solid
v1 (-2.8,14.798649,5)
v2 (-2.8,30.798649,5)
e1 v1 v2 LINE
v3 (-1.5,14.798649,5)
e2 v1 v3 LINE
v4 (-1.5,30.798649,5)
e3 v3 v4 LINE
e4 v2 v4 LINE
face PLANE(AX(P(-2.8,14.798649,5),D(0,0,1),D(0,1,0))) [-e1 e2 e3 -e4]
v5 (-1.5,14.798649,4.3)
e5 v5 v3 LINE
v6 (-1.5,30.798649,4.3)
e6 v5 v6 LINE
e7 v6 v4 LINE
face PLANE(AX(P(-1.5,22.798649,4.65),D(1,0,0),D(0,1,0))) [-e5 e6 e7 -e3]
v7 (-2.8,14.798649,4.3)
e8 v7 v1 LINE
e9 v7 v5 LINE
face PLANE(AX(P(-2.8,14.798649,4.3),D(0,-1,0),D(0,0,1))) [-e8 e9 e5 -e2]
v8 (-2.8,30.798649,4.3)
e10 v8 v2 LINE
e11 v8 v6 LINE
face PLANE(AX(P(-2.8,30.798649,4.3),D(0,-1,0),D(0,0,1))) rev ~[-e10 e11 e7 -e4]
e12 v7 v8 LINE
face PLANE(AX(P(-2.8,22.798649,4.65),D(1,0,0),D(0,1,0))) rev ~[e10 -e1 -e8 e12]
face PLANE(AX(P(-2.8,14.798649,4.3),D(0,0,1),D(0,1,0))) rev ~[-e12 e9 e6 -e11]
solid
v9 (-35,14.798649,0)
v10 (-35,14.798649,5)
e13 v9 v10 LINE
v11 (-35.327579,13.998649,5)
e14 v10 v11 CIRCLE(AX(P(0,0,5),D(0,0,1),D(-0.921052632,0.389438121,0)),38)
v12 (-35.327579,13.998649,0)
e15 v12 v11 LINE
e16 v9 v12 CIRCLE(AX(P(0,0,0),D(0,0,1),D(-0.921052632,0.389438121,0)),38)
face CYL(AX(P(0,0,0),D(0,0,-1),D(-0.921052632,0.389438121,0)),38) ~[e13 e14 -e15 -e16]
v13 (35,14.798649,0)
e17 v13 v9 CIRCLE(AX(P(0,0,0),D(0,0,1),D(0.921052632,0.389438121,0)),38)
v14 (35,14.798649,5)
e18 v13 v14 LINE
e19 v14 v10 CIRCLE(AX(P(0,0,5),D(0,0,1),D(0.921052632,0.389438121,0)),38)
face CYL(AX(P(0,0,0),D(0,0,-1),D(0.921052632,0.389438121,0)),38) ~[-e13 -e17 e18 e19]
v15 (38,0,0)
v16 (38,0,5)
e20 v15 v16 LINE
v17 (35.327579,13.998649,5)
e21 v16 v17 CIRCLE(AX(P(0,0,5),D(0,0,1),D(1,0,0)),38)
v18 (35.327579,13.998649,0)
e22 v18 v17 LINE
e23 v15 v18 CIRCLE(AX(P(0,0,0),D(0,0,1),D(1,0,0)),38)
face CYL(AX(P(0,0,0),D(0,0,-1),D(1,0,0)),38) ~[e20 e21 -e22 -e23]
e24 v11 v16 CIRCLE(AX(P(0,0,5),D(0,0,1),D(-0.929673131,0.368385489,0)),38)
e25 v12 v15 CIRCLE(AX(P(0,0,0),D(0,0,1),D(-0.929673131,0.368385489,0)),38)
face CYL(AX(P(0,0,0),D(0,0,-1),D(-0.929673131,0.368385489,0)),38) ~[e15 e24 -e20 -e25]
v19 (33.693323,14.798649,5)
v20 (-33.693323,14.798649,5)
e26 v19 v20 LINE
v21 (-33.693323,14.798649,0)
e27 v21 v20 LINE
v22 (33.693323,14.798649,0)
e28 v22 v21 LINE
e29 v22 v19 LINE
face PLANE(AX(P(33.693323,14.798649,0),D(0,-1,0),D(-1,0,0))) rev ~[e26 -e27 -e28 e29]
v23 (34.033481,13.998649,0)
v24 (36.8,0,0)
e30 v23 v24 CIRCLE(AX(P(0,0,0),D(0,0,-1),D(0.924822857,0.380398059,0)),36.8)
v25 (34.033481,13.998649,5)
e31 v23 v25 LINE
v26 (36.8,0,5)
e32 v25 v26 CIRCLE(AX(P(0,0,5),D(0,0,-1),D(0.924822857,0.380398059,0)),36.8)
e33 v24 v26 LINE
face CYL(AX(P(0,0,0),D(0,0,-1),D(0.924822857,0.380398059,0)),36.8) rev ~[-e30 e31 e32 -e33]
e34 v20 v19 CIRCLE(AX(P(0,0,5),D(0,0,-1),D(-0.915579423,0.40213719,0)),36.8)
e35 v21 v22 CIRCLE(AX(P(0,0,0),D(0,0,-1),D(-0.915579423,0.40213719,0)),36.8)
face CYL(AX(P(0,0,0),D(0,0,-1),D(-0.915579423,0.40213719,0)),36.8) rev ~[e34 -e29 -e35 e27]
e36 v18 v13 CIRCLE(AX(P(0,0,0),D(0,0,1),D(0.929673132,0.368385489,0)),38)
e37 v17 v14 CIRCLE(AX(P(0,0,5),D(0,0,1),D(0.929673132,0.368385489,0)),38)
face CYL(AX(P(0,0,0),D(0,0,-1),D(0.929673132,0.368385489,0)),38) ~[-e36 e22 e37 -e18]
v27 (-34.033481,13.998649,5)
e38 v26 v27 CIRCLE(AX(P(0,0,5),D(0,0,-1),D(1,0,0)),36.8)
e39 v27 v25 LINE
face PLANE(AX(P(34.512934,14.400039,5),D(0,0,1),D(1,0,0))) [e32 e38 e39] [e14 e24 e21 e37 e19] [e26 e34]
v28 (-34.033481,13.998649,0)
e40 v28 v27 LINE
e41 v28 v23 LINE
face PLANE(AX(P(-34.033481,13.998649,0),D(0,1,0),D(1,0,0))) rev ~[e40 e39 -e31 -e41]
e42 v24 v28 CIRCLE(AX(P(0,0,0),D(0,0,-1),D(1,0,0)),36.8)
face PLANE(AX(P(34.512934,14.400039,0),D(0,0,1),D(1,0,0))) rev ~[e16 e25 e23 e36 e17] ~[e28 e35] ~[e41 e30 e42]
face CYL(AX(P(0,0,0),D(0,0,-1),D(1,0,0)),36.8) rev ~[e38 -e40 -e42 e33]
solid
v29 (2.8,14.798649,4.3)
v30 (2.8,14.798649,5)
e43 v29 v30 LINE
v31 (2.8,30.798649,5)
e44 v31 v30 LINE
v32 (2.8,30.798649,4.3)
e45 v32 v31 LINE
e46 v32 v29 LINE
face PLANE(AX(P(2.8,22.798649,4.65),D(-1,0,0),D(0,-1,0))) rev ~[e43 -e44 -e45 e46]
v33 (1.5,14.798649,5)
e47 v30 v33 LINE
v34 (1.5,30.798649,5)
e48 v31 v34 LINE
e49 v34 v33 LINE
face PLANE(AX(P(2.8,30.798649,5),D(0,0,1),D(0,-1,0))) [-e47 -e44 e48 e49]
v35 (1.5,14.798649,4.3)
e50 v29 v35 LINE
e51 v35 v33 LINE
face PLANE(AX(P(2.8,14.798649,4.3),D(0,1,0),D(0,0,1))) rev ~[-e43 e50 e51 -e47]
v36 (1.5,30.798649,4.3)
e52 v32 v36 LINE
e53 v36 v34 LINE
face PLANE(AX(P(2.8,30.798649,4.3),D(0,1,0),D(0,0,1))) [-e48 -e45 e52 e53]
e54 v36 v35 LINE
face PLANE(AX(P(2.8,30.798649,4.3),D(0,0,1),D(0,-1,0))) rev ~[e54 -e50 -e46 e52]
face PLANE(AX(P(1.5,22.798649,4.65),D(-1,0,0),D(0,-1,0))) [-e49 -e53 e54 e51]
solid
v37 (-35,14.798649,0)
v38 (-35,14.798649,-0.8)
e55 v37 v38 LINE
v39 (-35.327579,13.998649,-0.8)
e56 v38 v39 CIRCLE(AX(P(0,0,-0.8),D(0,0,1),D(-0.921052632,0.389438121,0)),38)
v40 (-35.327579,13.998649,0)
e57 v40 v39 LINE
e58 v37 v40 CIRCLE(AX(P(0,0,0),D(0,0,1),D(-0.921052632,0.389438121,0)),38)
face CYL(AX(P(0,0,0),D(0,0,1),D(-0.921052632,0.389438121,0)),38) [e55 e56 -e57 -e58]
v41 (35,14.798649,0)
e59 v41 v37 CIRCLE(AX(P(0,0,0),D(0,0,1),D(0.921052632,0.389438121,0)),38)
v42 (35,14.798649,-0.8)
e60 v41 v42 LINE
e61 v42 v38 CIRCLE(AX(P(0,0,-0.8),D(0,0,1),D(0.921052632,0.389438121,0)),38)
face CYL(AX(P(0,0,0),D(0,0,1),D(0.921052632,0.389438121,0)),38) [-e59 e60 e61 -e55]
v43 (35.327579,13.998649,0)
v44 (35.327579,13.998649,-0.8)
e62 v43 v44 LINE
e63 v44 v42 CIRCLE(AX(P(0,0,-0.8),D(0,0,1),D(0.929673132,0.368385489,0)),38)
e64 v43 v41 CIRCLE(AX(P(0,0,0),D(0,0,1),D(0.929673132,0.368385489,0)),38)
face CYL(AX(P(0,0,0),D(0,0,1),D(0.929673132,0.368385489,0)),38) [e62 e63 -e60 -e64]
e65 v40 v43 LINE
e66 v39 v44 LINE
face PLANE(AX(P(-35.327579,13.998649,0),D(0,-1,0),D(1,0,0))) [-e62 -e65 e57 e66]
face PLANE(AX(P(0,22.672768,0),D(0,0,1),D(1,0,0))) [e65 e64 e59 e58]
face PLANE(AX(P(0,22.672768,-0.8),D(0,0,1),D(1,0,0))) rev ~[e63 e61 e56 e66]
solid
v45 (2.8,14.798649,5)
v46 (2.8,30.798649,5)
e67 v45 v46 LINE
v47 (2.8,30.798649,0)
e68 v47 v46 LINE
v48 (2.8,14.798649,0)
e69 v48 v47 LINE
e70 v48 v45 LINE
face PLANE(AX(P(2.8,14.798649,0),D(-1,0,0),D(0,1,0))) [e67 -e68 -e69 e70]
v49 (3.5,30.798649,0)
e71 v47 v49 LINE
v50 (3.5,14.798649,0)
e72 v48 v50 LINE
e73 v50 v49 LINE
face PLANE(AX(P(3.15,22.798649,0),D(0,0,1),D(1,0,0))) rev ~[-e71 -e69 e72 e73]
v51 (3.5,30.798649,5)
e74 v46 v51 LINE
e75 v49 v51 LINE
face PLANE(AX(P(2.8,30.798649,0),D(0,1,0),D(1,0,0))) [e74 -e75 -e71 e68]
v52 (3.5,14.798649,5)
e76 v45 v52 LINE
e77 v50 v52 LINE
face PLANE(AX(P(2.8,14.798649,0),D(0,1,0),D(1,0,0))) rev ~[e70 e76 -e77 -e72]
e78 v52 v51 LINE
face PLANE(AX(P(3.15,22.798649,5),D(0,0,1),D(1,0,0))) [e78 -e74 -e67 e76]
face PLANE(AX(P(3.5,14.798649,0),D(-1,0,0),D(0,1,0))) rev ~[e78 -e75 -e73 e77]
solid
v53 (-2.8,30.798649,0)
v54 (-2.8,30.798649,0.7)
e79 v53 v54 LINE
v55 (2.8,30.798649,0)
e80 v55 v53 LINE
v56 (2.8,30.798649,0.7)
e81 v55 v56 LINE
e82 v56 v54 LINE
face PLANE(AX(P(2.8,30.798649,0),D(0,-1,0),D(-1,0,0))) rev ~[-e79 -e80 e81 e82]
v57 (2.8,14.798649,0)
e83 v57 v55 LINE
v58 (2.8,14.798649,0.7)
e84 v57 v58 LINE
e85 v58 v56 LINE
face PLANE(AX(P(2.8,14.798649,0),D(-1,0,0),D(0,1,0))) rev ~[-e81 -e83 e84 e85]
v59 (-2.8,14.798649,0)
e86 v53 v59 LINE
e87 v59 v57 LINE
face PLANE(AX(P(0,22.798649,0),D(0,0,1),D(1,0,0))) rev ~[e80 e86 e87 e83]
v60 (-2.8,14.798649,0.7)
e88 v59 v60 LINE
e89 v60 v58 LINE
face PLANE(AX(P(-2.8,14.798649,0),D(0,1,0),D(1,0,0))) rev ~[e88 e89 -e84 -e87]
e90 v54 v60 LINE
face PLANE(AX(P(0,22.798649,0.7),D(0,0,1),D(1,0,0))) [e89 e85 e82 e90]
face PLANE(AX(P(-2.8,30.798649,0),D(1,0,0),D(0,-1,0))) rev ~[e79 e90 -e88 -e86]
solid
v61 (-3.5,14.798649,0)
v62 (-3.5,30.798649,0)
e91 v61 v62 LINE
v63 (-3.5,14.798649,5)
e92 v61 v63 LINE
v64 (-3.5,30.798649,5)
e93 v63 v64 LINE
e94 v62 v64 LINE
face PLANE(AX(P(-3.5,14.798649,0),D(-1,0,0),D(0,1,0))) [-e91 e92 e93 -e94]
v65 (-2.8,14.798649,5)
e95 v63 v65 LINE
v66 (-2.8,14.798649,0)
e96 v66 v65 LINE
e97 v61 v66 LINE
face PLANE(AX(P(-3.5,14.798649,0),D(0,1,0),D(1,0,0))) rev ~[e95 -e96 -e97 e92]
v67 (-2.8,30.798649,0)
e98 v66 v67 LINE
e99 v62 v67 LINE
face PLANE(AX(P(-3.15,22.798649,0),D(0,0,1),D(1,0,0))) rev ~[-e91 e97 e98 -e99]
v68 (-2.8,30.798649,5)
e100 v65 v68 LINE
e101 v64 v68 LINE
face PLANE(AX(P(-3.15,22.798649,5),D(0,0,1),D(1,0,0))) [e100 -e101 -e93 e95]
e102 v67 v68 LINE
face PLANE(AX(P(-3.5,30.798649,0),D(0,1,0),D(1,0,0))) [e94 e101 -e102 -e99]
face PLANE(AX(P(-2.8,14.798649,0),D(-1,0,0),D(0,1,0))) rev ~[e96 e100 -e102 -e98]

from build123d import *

# Parameters (mm, degrees)
F1_DEPTH = 5
F0_W     = 0.7
F0_H     = 16
F2_DEPTH = 0.8
F3_DEPTH = 0.7
F4_DEPTH = 5
F5_W     = 16
F5_H     = 0.7
F7_DEPTH = 1.3
F6_W     = 16
F6_H     = 0.7
F8_DEPTH = 1.3


with BuildPart() as f1:
    # F0 (on Top) → F1 (new body)
    with BuildSketch(Plane.XY):
        with BuildLine():
            ThreePointArc((33.6933227806, 14.7986485869), (33.8657643047, 14.3996530533), (34.0334811287, 13.9986485869))
            Line((34.0334811287, 13.9986485869), (34.608, 13.9986485869))
            Line((34.608, 13.9986485869), (35.3275789963, 13.9986485869))
            ThreePointArc((35.3275789963, 13.9986485869), (35.1660644922, 14.3995801373), (35, 14.7986485869))
            Line((35, 14.7986485869), (33.6933227806, 14.7986485869))
        make_face()
        with BuildLine():
            ThreePointArc((-33.6933227806, 14.7986485869), (0, 36.8), (33.6933227806, 14.7986485869))
            Line((33.6933227806, 14.7986485869), (35, 14.7986485869))
            ThreePointArc((35, 14.7986485869), (0, 38), (-35, 14.7986485869))
            Line((-35, 14.7986485869), (-33.6933227806, 14.7986485869))
        make_face()
        with BuildLine():
            Line((-34.608, 13.9986485869), (-34.0334811287, 13.9986485869))
            ThreePointArc((-34.0334811287, 13.9986485869), (-33.8657643047, 14.3996530533), (-33.6933227806, 14.7986485869))
            Line((-33.6933227806, 14.7986485869), (-35, 14.7986485869))
            ThreePointArc((-35, 14.7986485869), (-35.1660644922, 14.3995801373), (-35.3275789963, 13.9986485869))
            Line((-35.3275789963, 13.9986485869), (-34.608, 13.9986485869))
        make_face()
        with BuildLine():
            ThreePointArc((34.0334811287, 13.9986485869), (36.101745841, 7.1347002202), (36.8, 0))
            ThreePointArc((36.8, 0), (-7.1347002202, -36.101745841), (-34.0334811287, 13.9986485869))
            Line((-34.0334811287, 13.9986485869), (-34.608, 13.9986485869))
            Line((-34.608, 13.9986485869), (-35.3275789963, 13.9986485869))
            ThreePointArc((-35.3275789963, 13.9986485869), (-7.1257279678, -37.3259159423), (38, 0))
            ThreePointArc((38, 0), (37.3259159423, 7.1257279678), (35.3275789963, 13.9986485869))
            Line((35.3275789963, 13.9986485869), (34.608, 13.9986485869))
            Line((34.608, 13.9986485869), (34.0334811287, 13.9986485869))
        make_face()
        with BuildLine():
            Line((-34.0334811287, 13.9986485869), (34.0334811287, 13.9986485869))
            ThreePointArc((34.0334811287, 13.9986485869), (33.8657643047, 14.3996530533), (33.6933227806, 14.7986485869))
            Line((33.6933227806, 14.7986485869), (3.5, 14.7986485869))
            Line((3.5, 14.7986485869), (2.8, 14.7986485869))
            Line((2.8, 14.7986485869), (0, 14.7986485869))
            Line((0, 14.7986485869), (-2.8, 14.7986485869))
            Line((-2.8, 14.7986485869), (-3.5, 14.7986485869))
            Line((-3.5, 14.7986485869), (-33.6933227806, 14.7986485869))
            ThreePointArc((-33.6933227806, 14.7986485869), (-33.8657643047, 14.3996530533), (-34.0334811287, 13.9986485869))
        make_face()
    extrude(amount=F1_DEPTH)


with BuildPart() as f2:
    # F0 (on Top) → F2 (new body)
    with BuildSketch(Plane.XY):
        with BuildLine():
            Line((3.5, 14.7986485869), (33.6933227806, 14.7986485869))
            ThreePointArc((33.6933227806, 14.7986485869), (0, 36.8), (-33.6933227806, 14.7986485869))
            Line((-33.6933227806, 14.7986485869), (-3.5, 14.7986485869))
            Line((-3.5, 14.7986485869), (-3.5, 30.7986485869))
            Line((-3.5, 30.7986485869), (-2.8, 30.7986485869))
            Line((-2.8, 30.7986485869), (2.8, 30.7986485869))
            Line((2.8, 30.7986485869), (3.5, 30.7986485869))
            Line((3.5, 30.7986485869), (3.5, 14.7986485869))
        make_face()
        with BuildLine():
            ThreePointArc((-33.6933227806, 14.7986485869), (0, 36.8), (33.6933227806, 14.7986485869))
            Line((33.6933227806, 14.7986485869), (35, 14.7986485869))
            ThreePointArc((35, 14.7986485869), (0, 38), (-35, 14.7986485869))
            Line((-35, 14.7986485869), (-33.6933227806, 14.7986485869))
        make_face()
        with BuildLine():
            Line((-34.0334811287, 13.9986485869), (34.0334811287, 13.9986485869))
            ThreePointArc((34.0334811287, 13.9986485869), (33.8657643047, 14.3996530533), (33.6933227806, 14.7986485869))
            Line((33.6933227806, 14.7986485869), (3.5, 14.7986485869))
            Line((3.5, 14.7986485869), (2.8, 14.7986485869))
            Line((2.8, 14.7986485869), (0, 14.7986485869))
            Line((0, 14.7986485869), (-2.8, 14.7986485869))
            Line((-2.8, 14.7986485869), (-3.5, 14.7986485869))
            Line((-3.5, 14.7986485869), (-33.6933227806, 14.7986485869))
            ThreePointArc((-33.6933227806, 14.7986485869), (-33.8657643047, 14.3996530533), (-34.0334811287, 13.9986485869))
        make_face()
        Polygon((0, 14.7986485869), (2.8, 14.7986485869), (2.8, 30.7986485869), (-2.8, 30.7986485869), (-2.8, 14.7986485869), align=None)
        with Locations((3.15, 22.7986485869)):
            Rectangle(F0_W, F0_H)
        with Locations((-3.15, 22.7986485869)):
            Rectangle(F0_W, F0_H)
        with BuildLine():
            ThreePointArc((33.6933227806, 14.7986485869), (33.8657643047, 14.3996530533), (34.0334811287, 13.9986485869))
            Line((34.0334811287, 13.9986485869), (34.608, 13.9986485869))
            Line((34.608, 13.9986485869), (35.3275789963, 13.9986485869))
            ThreePointArc((35.3275789963, 13.9986485869), (35.1660644922, 14.3995801373), (35, 14.7986485869))
            Line((35, 14.7986485869), (33.6933227806, 14.7986485869))
        make_face()
        with BuildLine():
            Line((-34.608, 13.9986485869), (-34.0334811287, 13.9986485869))
            ThreePointArc((-34.0334811287, 13.9986485869), (-33.8657643047, 14.3996530533), (-33.6933227806, 14.7986485869))
            Line((-33.6933227806, 14.7986485869), (-35, 14.7986485869))
            ThreePointArc((-35, 14.7986485869), (-35.1660644922, 14.3995801373), (-35.3275789963, 13.9986485869))
            Line((-35.3275789963, 13.9986485869), (-34.608, 13.9986485869))
        make_face()
    extrude(amount=-F2_DEPTH)


with BuildPart() as f3:
    # F0 (on Top) → F3 (new body)
    with BuildSketch(Plane.XY):
        Polygon((0, 14.7986485869), (2.8, 14.7986485869), (2.8, 30.7986485869), (-2.8, 30.7986485869), (-2.8, 14.7986485869), align=None)
    extrude(amount=F3_DEPTH)


with BuildPart() as f4:
    # F0 (on Top) → F4 (new body)
    with BuildSketch(Plane.XY):
        with Locations((-3.15, 22.7986485869)):
            Rectangle(F0_W, F0_H)
    extrude(amount=F4_DEPTH)


with BuildPart() as f4b:
    # F0 (on Top) → F4, piece 2 (new body)
    with BuildSketch(Plane.XY):
        with Locations((3.15, 22.7986485869)):
            Rectangle(F0_W, F0_H)
    extrude(amount=F4_DEPTH)


with BuildPart() as f7:
    # F5 (on face) → F7 (new body)
    with BuildSketch(Plane(origin=(2.8, 0, 0), x_dir=(0, -1, 0), z_dir=(-1, 0, 0))):
        with Locations((-22.7986485869, 4.65)):
            Rectangle(F5_W, F5_H)
    extrude(amount=F7_DEPTH)


with BuildPart() as f8:
    # F6 (on face) → F8 (new body)
    with BuildSketch(Plane.YZ.offset(-2.8)):
        with Locations((22.7986485869, 4.65)):
            Rectangle(F6_W, F6_H)
    extrude(amount=F8_DEPTH)


solid = Compound([f1.part, f2.part, f3.part, f4.part, f4b.part, f7.part, f8.part])
